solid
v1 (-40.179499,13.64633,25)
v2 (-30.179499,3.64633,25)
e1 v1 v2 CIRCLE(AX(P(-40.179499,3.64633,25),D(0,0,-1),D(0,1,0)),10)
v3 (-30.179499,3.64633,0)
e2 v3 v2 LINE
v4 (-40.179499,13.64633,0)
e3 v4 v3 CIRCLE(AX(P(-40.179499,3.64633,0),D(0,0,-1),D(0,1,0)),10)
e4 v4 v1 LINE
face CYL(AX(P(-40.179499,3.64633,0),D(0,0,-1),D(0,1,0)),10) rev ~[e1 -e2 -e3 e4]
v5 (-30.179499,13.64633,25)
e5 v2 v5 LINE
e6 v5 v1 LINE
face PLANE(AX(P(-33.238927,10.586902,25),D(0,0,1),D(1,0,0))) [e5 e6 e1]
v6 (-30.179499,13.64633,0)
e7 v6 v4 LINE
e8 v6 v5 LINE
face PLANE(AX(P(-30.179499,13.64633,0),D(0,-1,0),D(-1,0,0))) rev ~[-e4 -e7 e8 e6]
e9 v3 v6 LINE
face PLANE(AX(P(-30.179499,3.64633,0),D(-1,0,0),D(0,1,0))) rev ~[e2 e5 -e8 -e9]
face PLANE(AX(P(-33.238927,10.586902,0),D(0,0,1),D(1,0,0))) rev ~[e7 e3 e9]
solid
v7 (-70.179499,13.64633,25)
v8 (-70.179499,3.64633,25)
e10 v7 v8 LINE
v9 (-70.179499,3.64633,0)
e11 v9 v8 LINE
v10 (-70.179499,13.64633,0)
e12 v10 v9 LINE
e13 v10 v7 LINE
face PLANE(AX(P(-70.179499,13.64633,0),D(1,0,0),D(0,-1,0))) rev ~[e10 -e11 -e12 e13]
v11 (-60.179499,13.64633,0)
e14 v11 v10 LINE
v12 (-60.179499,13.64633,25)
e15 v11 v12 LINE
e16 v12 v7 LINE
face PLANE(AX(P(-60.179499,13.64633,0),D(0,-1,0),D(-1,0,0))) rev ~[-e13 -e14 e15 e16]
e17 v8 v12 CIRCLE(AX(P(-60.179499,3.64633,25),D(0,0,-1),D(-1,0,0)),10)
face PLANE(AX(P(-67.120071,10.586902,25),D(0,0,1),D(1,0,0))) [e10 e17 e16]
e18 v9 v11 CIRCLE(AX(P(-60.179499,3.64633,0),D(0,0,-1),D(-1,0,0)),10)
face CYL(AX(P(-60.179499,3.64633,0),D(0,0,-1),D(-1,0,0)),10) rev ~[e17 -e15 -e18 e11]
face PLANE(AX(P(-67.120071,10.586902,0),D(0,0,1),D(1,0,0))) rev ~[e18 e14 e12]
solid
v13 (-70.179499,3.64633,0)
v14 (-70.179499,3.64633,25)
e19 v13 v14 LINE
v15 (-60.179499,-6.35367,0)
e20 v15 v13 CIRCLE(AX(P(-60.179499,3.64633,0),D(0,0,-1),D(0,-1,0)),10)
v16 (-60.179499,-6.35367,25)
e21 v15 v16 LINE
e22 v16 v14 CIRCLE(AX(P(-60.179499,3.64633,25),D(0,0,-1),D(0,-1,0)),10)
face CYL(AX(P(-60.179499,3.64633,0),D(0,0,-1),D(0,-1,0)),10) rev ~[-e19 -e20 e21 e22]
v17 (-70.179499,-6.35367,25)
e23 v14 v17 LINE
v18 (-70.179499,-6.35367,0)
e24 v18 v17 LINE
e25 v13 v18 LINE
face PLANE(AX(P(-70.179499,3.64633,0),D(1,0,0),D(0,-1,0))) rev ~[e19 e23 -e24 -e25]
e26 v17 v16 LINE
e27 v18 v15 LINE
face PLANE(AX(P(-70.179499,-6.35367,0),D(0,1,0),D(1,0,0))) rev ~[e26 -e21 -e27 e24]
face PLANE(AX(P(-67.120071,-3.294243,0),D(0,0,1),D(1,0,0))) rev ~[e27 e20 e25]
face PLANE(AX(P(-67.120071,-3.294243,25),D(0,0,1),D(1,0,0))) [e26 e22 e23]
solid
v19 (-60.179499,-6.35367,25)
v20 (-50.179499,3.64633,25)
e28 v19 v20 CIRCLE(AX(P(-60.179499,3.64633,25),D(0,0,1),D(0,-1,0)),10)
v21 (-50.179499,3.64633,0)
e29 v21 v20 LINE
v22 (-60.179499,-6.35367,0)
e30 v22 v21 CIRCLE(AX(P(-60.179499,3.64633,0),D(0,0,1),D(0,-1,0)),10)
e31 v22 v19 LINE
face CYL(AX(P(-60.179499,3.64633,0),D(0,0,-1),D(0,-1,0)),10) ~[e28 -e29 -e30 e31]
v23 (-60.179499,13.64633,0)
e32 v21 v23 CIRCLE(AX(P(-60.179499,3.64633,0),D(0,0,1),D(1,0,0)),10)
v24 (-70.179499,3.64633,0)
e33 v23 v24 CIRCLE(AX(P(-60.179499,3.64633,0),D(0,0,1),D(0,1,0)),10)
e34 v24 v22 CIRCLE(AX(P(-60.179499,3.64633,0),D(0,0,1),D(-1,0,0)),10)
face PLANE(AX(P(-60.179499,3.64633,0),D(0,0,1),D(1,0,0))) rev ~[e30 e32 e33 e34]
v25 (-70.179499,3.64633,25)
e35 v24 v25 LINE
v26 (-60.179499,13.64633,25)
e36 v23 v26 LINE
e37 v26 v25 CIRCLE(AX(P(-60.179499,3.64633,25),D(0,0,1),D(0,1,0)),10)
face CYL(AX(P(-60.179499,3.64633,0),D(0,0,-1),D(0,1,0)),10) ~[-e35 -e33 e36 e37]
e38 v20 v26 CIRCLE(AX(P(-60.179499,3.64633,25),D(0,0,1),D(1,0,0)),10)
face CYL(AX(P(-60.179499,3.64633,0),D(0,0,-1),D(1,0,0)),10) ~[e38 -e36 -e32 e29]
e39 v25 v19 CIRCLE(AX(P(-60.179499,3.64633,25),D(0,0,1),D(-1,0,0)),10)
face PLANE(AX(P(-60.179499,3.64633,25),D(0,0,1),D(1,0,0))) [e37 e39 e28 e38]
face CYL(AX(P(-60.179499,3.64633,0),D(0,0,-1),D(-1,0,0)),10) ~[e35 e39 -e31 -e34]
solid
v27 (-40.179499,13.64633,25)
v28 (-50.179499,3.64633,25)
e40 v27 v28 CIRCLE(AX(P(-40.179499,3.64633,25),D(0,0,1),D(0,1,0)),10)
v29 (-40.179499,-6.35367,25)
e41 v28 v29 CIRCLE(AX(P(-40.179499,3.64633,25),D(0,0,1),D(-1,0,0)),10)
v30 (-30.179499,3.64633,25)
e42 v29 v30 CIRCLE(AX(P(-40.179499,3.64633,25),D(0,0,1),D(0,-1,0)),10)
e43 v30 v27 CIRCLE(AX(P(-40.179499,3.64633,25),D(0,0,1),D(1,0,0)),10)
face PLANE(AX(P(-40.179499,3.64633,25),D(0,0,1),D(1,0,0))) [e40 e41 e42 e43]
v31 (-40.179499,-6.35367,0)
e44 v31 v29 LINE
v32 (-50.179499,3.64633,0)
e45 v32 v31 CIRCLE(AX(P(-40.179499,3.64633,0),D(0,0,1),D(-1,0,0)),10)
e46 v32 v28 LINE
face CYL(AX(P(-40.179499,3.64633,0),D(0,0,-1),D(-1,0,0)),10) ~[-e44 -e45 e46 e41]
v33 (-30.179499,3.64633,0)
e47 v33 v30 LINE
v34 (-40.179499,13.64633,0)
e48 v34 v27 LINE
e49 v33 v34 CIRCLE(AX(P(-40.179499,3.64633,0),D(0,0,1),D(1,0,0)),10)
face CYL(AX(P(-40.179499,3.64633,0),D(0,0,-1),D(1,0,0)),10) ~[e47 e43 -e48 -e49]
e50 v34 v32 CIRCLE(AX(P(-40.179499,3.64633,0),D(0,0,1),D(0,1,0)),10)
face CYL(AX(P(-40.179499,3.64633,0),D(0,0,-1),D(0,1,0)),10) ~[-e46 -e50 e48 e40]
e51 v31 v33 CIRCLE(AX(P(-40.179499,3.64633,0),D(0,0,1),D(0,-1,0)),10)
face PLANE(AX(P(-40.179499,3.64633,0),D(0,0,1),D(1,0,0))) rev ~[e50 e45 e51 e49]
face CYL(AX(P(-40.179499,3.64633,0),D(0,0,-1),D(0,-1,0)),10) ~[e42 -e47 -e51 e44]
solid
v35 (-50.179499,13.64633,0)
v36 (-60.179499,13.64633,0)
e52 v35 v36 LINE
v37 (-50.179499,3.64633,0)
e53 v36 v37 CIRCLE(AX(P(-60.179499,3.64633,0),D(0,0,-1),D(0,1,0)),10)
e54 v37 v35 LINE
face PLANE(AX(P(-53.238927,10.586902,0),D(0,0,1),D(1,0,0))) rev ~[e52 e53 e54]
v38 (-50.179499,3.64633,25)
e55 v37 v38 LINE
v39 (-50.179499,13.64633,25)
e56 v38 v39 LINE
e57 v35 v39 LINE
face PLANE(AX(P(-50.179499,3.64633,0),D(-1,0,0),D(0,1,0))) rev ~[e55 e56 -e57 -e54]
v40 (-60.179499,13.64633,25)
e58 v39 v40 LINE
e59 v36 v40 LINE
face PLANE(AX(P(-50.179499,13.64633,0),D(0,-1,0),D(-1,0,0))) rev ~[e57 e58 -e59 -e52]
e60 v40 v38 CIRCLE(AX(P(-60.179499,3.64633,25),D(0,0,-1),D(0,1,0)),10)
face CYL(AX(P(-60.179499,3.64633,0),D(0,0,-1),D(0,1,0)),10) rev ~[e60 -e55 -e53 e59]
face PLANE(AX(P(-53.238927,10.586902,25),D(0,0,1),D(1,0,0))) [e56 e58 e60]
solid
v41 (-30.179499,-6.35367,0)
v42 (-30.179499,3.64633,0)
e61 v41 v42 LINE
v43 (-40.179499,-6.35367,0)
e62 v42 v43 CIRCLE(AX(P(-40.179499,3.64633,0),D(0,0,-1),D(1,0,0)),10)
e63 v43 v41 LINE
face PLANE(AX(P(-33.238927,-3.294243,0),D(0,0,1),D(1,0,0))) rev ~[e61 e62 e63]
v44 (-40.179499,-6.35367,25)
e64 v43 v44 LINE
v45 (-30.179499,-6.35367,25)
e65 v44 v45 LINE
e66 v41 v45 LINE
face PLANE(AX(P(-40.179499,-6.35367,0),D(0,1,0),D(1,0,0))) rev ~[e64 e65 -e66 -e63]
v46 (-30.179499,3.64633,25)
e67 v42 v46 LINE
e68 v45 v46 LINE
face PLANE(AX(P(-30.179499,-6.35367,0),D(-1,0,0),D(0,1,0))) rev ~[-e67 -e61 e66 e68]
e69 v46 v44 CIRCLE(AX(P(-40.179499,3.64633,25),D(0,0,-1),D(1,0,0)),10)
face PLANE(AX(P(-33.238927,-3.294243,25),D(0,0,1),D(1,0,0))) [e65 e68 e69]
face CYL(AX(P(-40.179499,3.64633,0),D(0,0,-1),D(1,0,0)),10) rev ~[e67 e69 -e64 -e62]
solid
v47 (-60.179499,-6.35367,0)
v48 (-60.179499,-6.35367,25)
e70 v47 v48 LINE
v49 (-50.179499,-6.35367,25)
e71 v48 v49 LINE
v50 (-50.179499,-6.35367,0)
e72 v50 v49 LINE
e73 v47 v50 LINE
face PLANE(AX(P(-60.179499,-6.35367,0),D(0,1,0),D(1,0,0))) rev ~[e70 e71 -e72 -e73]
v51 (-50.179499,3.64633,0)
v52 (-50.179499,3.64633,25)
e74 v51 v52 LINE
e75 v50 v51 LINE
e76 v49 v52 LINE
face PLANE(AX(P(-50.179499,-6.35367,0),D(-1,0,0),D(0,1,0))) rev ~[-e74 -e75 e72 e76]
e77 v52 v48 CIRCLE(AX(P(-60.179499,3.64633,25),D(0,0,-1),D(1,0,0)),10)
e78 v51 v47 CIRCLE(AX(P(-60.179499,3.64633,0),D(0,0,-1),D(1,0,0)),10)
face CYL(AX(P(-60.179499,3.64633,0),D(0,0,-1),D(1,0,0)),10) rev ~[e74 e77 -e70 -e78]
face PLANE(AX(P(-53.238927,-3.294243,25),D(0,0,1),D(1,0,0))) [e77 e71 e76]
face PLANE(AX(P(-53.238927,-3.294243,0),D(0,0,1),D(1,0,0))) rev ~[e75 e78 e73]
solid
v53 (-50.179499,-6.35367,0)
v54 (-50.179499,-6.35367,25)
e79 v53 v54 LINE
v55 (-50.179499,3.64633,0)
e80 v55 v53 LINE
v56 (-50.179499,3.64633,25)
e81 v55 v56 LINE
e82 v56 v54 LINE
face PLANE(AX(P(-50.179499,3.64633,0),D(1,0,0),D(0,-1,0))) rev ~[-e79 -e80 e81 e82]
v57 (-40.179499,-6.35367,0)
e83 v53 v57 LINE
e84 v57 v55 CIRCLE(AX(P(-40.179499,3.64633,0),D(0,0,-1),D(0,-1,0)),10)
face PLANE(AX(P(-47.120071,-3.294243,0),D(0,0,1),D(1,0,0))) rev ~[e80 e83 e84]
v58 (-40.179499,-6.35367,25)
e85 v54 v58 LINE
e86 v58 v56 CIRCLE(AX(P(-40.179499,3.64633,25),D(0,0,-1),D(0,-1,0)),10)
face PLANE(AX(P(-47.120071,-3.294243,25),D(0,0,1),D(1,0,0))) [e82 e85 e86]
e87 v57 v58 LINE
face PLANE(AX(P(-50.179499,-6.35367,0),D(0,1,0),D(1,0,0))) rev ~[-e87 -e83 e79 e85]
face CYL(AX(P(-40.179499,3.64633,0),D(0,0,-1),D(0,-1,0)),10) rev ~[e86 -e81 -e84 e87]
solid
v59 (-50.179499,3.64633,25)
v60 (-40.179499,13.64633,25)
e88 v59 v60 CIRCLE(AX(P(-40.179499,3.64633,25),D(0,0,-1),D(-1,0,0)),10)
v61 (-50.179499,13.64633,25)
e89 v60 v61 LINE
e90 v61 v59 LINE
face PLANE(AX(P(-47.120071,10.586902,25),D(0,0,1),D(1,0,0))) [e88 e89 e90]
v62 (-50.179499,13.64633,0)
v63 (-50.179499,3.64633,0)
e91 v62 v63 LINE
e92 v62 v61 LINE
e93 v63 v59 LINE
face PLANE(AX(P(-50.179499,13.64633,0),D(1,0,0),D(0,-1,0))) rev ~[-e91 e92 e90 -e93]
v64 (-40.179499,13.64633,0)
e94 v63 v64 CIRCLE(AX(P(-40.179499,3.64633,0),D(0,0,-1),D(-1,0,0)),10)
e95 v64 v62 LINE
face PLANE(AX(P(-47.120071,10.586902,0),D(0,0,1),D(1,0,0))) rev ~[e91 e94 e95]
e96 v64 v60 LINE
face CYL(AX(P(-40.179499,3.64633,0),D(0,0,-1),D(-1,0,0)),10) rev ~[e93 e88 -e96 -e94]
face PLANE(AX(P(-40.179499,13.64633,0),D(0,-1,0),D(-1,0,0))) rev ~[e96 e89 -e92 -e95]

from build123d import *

# Parameters (mm, degrees)
F1_DEPTH = 25
F2_DEPTH = 25
F3_DEPTH = 25


with BuildPart() as f1:
    # F0 (on Top) → F1 (new body)
    with BuildSketch(Plane.XY):
        with BuildLine():
            Line((-60.1794990897, 13.6463295169), (-70.1794990897, 13.6463295169))
            Line((-70.1794990897, 13.6463295169), (-70.1794990897, 3.6463295169))
            ThreePointArc((-70.1794990897, 3.6463295169), (-67.2505669016, 10.7173973287), (-60.1794990897, 13.6463295169))
        make_face()
    extrude(amount=F1_DEPTH)


with BuildPart() as f1b:
    # F0 (on Top) → F1, piece 2 (new body)
    with BuildSketch(Plane.XY):
        with BuildLine():
            Line((-50.1794990897, -6.3536704831), (-50.1794990897, 3.6463295169))
            ThreePointArc((-50.1794990897, 3.6463295169), (-53.1084312779, -3.424738295), (-60.1794990897, -6.3536704831))
            Line((-60.1794990897, -6.3536704831), (-50.1794990897, -6.3536704831))
        make_face()
    extrude(amount=F1_DEPTH)


with BuildPart() as f1c:
    # F0 (on Top) → F1, piece 3 (new body)
    with BuildSketch(Plane.XY):
        with BuildLine():
            Line((-40.1794990897, 13.6463295169), (-50.1794990897, 13.6463295169))
            Line((-50.1794990897, 13.6463295169), (-50.1794990897, 3.6463295169))
            ThreePointArc((-50.1794990897, 3.6463295169), (-47.2505669016, 10.7173973287), (-40.1794990897, 13.6463295169))
        make_face()
    extrude(amount=F1_DEPTH)


with BuildPart() as f1d:
    # F0 (on Top) → F1, piece 4 (new body)
    with BuildSketch(Plane.XY):
        with BuildLine():
            ThreePointArc((-30.1794990897, 3.6463295169), (-33.1084312779, -3.424738295), (-40.1794990897, -6.3536704831))
            Line((-40.1794990897, -6.3536704831), (-30.1794990897, -6.3536704831))
            Line((-30.1794990897, -6.3536704831), (-30.1794990897, 3.6463295169))
        make_face()
    extrude(amount=F1_DEPTH)


with BuildPart() as f2:
    # F0 (on Top) → F2 (new body)
    with BuildSketch(Plane.XY):
        with BuildLine():
            ThreePointArc((-60.1794990897, -6.3536704831), (-67.2505669016, -3.424738295), (-70.1794990897, 3.6463295169))
            Line((-70.1794990897, 3.6463295169), (-70.1794990897, -6.3536704831))
            Line((-70.1794990897, -6.3536704831), (-60.1794990897, -6.3536704831))
        make_face()
    extrude(amount=F2_DEPTH)


with BuildPart() as f2b:
    # F0 (on Top) → F2, piece 2 (new body)
    with BuildSketch(Plane.XY):
        with BuildLine():
            Line((-50.1794990897, 13.6463295169), (-60.1794990897, 13.6463295169))
            ThreePointArc((-60.1794990897, 13.6463295169), (-53.1084312779, 10.7173973287), (-50.1794990897, 3.6463295169))
            Line((-50.1794990897, 3.6463295169), (-50.1794990897, 13.6463295169))
        make_face()
    extrude(amount=F2_DEPTH)


with BuildPart() as f2c:
    # F0 (on Top) → F2, piece 3 (new body)
    with BuildSketch(Plane.XY):
        with BuildLine():
            ThreePointArc((-40.1794990897, -6.3536704831), (-47.2505669016, -3.424738295), (-50.1794990897, 3.6463295169))
            Line((-50.1794990897, 3.6463295169), (-50.1794990897, -6.3536704831))
            Line((-50.1794990897, -6.3536704831), (-40.1794990897, -6.3536704831))
        make_face()
    extrude(amount=F2_DEPTH)


with BuildPart() as f2d:
    # F0 (on Top) → F2, piece 4 (new body)
    with BuildSketch(Plane.XY):
        with BuildLine():
            Line((-30.1794990897, 13.6463295169), (-40.1794990897, 13.6463295169))
            ThreePointArc((-40.1794990897, 13.6463295169), (-33.1084312779, 10.7173973287), (-30.1794990897, 3.6463295169))
            Line((-30.1794990897, 3.6463295169), (-30.1794990897, 13.6463295169))
        make_face()
    extrude(amount=F2_DEPTH)


with BuildPart() as f3:
    # F0 (on Top) → F3 (new body)
    with BuildSketch(Plane.XY):
        with BuildLine():
            ThreePointArc((-50.1794990897, 3.6463295169), (-53.1084312779, 10.7173973287), (-60.1794990897, 13.6463295169))
            ThreePointArc((-60.1794990897, 13.6463295169), (-67.2505669016, 10.7173973287), (-70.1794990897, 3.6463295169))
            ThreePointArc((-70.1794990897, 3.6463295169), (-67.2505669016, -3.424738295), (-60.1794990897, -6.3536704831))
            ThreePointArc((-60.1794990897, -6.3536704831), (-53.1084312779, -3.424738295), (-50.1794990897, 3.6463295169))
        make_face()
    extrude(amount=F3_DEPTH)


with BuildPart() as f3b:
    # F0 (on Top) → F3, piece 2 (new body)
    with BuildSketch(Plane.XY):
        with BuildLine():
            ThreePointArc((-40.1794990897, 13.6463295169), (-47.2505669016, 10.7173973287), (-50.1794990897, 3.6463295169))
            ThreePointArc((-50.1794990897, 3.6463295169), (-47.2505669016, -3.424738295), (-40.1794990897, -6.3536704831))
            ThreePointArc((-40.1794990897, -6.3536704831), (-33.1084312779, -3.424738295), (-30.1794990897, 3.6463295169))
            ThreePointArc((-30.1794990897, 3.6463295169), (-33.1084312779, 10.7173973287), (-40.1794990897, 13.6463295169))
        make_face()
    extrude(amount=F3_DEPTH)


solid = Compound([f1.part, f1b.part, f1c.part, f1d.part, f2.part, f2b.part, f2c.part, f2d.part, f3.part, f3b.part])
